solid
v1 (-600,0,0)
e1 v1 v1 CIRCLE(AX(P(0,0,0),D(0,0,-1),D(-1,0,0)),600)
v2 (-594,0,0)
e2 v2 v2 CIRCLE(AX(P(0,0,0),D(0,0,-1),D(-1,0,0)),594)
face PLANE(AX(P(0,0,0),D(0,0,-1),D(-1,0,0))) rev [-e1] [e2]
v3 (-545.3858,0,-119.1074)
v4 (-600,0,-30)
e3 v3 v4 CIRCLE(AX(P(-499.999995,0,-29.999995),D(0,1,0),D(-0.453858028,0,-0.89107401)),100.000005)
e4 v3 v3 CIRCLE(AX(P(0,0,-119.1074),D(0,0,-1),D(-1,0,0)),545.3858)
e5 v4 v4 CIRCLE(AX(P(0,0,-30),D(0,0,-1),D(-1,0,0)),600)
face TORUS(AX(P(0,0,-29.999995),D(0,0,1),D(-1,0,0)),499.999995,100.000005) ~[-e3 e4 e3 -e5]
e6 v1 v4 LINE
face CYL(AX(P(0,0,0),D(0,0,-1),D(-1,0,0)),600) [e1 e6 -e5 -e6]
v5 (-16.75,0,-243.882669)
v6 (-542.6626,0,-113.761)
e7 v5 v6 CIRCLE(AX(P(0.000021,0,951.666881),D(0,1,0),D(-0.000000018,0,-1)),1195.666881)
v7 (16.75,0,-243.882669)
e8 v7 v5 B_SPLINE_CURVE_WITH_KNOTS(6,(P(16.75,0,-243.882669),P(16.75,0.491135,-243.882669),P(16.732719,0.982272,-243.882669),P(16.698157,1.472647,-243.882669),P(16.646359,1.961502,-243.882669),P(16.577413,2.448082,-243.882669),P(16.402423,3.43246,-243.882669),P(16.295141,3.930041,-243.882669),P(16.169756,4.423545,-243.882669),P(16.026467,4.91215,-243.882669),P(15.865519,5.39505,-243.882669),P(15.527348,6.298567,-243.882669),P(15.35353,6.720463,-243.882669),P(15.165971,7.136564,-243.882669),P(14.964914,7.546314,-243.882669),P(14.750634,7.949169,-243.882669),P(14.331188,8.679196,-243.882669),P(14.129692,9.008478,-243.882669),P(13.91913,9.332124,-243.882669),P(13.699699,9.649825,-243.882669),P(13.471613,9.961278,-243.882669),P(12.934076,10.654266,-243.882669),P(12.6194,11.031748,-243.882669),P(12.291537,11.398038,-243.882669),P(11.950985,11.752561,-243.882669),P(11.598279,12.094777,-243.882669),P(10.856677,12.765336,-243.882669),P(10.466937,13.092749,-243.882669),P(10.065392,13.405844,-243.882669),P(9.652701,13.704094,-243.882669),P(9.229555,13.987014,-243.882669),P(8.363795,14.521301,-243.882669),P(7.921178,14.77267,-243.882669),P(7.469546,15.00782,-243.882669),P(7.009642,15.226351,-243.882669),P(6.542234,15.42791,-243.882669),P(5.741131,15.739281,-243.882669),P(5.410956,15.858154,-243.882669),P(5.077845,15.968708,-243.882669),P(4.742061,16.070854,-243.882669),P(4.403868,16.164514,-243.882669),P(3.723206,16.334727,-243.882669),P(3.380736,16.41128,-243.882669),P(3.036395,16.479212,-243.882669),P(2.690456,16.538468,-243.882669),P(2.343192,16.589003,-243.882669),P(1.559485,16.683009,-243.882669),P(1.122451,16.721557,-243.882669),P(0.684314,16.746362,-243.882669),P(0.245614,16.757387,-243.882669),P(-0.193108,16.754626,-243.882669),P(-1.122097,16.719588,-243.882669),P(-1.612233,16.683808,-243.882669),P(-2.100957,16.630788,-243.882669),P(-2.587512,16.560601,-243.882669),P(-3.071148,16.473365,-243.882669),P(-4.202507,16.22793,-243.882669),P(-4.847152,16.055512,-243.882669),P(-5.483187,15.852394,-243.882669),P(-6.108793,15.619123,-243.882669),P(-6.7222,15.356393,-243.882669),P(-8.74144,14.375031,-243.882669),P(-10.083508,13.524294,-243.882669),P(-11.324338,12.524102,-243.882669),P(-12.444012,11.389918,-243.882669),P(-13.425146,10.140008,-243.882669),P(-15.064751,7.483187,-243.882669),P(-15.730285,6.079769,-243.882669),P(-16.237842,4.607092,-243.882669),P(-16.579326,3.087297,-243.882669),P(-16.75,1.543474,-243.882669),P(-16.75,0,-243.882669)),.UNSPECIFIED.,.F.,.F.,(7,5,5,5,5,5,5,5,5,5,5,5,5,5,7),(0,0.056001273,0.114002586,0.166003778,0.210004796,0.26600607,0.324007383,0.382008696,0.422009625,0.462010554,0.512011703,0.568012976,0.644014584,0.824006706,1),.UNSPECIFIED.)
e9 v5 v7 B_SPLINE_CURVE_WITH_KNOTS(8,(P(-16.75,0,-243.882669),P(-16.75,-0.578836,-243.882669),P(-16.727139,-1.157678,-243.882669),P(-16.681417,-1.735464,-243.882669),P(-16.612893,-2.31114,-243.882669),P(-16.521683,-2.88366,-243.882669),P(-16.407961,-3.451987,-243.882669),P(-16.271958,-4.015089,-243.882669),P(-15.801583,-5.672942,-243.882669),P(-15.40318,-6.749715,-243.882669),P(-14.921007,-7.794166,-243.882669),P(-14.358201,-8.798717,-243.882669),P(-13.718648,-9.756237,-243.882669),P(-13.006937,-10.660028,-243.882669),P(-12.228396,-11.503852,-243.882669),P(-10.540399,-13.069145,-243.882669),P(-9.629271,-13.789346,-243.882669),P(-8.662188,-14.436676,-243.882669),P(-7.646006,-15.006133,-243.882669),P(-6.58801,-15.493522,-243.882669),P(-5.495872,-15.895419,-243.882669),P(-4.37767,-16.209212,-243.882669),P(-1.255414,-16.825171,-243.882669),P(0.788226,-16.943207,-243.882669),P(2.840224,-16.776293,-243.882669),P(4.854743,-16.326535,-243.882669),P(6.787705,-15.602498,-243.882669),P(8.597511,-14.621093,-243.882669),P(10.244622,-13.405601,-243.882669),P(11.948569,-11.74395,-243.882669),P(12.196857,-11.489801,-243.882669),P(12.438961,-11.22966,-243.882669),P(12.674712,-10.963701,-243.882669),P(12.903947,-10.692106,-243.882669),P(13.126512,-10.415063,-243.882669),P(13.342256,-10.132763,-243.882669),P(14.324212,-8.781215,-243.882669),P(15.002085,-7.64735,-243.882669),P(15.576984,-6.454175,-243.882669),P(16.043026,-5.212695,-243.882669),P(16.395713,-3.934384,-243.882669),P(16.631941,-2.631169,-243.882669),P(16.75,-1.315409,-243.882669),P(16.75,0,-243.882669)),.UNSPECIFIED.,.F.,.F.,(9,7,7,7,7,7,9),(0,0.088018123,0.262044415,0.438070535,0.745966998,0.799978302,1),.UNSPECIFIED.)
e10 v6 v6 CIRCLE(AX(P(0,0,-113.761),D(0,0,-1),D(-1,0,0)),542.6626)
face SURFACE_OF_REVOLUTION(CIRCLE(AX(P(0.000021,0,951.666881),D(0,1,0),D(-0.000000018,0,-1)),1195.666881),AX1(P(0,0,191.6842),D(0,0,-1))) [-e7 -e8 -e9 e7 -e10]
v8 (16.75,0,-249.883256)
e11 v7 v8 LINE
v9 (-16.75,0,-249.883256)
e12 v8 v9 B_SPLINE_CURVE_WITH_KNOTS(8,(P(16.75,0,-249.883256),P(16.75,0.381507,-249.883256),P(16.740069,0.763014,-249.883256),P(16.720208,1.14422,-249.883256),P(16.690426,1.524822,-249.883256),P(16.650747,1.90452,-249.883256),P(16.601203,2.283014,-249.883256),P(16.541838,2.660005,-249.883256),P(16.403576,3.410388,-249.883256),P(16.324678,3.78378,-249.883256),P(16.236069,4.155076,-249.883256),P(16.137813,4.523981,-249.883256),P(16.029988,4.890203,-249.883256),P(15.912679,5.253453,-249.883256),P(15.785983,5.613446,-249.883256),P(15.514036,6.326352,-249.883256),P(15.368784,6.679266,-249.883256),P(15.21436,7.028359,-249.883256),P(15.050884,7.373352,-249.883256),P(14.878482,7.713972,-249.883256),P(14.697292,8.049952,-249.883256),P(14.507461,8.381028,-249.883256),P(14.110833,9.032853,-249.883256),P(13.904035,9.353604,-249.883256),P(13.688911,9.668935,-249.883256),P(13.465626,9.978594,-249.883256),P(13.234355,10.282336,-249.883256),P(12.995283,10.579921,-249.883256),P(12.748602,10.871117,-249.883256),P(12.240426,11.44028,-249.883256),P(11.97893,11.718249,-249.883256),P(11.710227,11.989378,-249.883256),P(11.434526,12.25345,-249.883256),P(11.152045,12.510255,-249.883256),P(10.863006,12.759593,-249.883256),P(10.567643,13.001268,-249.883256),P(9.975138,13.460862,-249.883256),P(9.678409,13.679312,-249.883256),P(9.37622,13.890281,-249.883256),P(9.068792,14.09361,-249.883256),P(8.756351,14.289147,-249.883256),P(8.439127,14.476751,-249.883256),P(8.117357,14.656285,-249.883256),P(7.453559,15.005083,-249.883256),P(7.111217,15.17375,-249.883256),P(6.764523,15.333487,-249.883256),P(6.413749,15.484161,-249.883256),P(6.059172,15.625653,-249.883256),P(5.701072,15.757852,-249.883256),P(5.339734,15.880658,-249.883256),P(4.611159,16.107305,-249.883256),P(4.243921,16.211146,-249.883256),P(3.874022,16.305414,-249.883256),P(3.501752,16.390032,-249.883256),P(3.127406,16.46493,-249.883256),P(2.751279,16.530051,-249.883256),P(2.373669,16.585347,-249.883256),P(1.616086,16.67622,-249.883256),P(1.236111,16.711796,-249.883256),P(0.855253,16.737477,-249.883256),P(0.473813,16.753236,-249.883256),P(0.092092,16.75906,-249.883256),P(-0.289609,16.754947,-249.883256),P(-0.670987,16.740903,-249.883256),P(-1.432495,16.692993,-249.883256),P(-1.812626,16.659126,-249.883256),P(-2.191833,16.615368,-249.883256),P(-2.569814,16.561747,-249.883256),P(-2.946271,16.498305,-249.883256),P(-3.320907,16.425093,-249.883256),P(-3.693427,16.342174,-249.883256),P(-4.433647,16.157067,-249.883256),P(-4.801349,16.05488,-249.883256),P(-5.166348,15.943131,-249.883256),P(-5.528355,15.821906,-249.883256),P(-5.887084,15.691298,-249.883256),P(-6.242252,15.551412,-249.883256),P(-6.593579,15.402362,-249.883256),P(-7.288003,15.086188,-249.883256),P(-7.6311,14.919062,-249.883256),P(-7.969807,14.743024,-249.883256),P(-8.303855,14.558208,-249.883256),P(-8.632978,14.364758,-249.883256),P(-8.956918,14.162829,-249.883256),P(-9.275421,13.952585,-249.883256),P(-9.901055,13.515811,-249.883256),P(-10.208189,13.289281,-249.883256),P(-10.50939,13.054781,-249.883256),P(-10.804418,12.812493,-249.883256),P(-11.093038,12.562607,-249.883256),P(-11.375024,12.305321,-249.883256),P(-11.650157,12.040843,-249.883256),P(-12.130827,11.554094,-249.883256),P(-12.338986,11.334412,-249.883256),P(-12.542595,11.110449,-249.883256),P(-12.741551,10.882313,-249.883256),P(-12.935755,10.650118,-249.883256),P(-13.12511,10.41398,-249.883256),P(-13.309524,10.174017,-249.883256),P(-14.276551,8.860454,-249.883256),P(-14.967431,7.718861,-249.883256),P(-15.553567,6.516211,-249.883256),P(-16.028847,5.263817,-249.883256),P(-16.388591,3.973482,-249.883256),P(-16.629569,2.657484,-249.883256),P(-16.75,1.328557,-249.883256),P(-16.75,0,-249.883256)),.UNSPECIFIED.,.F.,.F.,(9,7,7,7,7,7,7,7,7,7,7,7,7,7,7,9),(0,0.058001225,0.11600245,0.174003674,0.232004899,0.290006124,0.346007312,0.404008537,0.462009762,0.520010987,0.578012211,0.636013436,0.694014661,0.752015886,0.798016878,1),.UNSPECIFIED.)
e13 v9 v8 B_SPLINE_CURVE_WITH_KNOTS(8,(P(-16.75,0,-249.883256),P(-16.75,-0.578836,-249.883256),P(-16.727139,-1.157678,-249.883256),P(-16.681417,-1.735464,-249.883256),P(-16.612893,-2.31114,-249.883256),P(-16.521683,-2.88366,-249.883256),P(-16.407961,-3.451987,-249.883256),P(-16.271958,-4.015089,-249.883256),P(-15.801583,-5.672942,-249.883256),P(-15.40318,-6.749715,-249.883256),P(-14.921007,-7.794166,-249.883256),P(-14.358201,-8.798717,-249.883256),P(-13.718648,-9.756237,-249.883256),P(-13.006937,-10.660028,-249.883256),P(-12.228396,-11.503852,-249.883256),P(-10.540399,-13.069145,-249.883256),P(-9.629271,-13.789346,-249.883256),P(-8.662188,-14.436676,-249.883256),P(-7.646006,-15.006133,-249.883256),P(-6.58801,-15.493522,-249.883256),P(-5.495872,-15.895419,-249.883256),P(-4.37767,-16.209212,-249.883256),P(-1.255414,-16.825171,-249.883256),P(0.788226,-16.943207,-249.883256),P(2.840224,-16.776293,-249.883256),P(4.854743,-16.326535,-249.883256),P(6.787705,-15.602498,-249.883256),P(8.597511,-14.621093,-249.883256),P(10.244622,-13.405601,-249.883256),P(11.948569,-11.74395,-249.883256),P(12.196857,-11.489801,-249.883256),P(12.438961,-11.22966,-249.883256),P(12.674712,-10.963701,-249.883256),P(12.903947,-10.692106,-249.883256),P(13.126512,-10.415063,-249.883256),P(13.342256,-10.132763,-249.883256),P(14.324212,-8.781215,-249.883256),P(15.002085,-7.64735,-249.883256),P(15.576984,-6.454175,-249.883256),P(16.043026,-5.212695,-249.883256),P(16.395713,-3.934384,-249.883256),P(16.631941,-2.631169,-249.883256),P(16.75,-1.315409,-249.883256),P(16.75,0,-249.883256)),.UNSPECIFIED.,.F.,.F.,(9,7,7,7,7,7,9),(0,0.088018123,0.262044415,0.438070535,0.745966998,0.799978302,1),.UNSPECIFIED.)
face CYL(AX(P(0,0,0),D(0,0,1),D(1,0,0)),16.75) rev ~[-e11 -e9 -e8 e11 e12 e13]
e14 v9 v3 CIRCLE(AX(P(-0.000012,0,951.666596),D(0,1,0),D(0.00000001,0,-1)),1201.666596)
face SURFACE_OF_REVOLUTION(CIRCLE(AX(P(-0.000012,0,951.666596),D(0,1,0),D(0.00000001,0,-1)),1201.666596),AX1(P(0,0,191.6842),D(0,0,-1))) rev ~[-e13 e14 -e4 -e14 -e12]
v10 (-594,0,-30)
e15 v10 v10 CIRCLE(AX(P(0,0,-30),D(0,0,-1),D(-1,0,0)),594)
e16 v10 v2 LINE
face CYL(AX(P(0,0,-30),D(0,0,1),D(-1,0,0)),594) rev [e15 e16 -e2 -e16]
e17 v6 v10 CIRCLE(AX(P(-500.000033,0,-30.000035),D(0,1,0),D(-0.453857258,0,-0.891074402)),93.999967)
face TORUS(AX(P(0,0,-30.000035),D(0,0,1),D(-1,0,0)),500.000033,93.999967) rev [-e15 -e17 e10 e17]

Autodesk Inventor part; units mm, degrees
ref_plane "YZ Plane" through (0, 0, 0) normal (1, 0, 0) x (0, 1, 0)
ref_plane "XZ Plane" through (0, 0, 0) normal (0, 1, 0) x (-1, 0, 0)
ref_plane "XY Plane" through (0, 0, 0) normal (0, 0, 1) x (1, 0, 0)
sketch "Sketch1" plane through (0, 0, 0) normal (0, 1, 0) x (-1, 0, 0)
  line L0 (600, 0) -> (600, -30)
  arc A0 (545.3858, -119.1074) -> (600, -30) centre (500, -30) ccw
  arc A1 (0, -250) -> (545.3858, -119.1074) centre (0, 951.6667) ccw
  line L1 (0, 191.6842) -> (0, -191.6842)
  arc A2 (0, -244) -> (542.6626, -113.761) centre (0, 951.6667) ccw
  arc A3 (542.6626, -113.761) -> (594, -30) centre (500, -30) ccw
  line L2 (594, -30) -> (594, 0)
  line L3 (594, 0) -> (600, 0)
  line L4 (0, -244) -> (0, -250)
  point P0 (0, 0)
  point P1 (0, 0)
  point P2 (0, -247)
  point P3 (0, -163.7009)
  point P4 (0, -169.7009)
  dimension "d0" = 100
  dimension "d1" = 30
  dimension "d3" = 1201.6667
  dimension "d6" = 6
  dimension "d11" = 1188
  dimension "d12" = 250
revolve "Revolution1" add sketch "Sketch1" angle 360 about axis through (0, 0, 191.6842) along (0, 0, -1)
sketch "Sketch2" plane through (0, 0, 0) normal (0, 0, 1) x (1, 0, 0)
  circle A0 centre (0, 0) radius 16.75
  dimension "d8" = 33.5
extrude "Extrusion1" cut sketch "Sketch2" against normal through all
equation "\"d11\" = MAIN_filter_diam"
equation "\"MAIN_filter_diam\" = 1188"
equation "\"Disherd_head_hight\" = d12"
properties part number "PNS 1604 dished head D1000_1200"
